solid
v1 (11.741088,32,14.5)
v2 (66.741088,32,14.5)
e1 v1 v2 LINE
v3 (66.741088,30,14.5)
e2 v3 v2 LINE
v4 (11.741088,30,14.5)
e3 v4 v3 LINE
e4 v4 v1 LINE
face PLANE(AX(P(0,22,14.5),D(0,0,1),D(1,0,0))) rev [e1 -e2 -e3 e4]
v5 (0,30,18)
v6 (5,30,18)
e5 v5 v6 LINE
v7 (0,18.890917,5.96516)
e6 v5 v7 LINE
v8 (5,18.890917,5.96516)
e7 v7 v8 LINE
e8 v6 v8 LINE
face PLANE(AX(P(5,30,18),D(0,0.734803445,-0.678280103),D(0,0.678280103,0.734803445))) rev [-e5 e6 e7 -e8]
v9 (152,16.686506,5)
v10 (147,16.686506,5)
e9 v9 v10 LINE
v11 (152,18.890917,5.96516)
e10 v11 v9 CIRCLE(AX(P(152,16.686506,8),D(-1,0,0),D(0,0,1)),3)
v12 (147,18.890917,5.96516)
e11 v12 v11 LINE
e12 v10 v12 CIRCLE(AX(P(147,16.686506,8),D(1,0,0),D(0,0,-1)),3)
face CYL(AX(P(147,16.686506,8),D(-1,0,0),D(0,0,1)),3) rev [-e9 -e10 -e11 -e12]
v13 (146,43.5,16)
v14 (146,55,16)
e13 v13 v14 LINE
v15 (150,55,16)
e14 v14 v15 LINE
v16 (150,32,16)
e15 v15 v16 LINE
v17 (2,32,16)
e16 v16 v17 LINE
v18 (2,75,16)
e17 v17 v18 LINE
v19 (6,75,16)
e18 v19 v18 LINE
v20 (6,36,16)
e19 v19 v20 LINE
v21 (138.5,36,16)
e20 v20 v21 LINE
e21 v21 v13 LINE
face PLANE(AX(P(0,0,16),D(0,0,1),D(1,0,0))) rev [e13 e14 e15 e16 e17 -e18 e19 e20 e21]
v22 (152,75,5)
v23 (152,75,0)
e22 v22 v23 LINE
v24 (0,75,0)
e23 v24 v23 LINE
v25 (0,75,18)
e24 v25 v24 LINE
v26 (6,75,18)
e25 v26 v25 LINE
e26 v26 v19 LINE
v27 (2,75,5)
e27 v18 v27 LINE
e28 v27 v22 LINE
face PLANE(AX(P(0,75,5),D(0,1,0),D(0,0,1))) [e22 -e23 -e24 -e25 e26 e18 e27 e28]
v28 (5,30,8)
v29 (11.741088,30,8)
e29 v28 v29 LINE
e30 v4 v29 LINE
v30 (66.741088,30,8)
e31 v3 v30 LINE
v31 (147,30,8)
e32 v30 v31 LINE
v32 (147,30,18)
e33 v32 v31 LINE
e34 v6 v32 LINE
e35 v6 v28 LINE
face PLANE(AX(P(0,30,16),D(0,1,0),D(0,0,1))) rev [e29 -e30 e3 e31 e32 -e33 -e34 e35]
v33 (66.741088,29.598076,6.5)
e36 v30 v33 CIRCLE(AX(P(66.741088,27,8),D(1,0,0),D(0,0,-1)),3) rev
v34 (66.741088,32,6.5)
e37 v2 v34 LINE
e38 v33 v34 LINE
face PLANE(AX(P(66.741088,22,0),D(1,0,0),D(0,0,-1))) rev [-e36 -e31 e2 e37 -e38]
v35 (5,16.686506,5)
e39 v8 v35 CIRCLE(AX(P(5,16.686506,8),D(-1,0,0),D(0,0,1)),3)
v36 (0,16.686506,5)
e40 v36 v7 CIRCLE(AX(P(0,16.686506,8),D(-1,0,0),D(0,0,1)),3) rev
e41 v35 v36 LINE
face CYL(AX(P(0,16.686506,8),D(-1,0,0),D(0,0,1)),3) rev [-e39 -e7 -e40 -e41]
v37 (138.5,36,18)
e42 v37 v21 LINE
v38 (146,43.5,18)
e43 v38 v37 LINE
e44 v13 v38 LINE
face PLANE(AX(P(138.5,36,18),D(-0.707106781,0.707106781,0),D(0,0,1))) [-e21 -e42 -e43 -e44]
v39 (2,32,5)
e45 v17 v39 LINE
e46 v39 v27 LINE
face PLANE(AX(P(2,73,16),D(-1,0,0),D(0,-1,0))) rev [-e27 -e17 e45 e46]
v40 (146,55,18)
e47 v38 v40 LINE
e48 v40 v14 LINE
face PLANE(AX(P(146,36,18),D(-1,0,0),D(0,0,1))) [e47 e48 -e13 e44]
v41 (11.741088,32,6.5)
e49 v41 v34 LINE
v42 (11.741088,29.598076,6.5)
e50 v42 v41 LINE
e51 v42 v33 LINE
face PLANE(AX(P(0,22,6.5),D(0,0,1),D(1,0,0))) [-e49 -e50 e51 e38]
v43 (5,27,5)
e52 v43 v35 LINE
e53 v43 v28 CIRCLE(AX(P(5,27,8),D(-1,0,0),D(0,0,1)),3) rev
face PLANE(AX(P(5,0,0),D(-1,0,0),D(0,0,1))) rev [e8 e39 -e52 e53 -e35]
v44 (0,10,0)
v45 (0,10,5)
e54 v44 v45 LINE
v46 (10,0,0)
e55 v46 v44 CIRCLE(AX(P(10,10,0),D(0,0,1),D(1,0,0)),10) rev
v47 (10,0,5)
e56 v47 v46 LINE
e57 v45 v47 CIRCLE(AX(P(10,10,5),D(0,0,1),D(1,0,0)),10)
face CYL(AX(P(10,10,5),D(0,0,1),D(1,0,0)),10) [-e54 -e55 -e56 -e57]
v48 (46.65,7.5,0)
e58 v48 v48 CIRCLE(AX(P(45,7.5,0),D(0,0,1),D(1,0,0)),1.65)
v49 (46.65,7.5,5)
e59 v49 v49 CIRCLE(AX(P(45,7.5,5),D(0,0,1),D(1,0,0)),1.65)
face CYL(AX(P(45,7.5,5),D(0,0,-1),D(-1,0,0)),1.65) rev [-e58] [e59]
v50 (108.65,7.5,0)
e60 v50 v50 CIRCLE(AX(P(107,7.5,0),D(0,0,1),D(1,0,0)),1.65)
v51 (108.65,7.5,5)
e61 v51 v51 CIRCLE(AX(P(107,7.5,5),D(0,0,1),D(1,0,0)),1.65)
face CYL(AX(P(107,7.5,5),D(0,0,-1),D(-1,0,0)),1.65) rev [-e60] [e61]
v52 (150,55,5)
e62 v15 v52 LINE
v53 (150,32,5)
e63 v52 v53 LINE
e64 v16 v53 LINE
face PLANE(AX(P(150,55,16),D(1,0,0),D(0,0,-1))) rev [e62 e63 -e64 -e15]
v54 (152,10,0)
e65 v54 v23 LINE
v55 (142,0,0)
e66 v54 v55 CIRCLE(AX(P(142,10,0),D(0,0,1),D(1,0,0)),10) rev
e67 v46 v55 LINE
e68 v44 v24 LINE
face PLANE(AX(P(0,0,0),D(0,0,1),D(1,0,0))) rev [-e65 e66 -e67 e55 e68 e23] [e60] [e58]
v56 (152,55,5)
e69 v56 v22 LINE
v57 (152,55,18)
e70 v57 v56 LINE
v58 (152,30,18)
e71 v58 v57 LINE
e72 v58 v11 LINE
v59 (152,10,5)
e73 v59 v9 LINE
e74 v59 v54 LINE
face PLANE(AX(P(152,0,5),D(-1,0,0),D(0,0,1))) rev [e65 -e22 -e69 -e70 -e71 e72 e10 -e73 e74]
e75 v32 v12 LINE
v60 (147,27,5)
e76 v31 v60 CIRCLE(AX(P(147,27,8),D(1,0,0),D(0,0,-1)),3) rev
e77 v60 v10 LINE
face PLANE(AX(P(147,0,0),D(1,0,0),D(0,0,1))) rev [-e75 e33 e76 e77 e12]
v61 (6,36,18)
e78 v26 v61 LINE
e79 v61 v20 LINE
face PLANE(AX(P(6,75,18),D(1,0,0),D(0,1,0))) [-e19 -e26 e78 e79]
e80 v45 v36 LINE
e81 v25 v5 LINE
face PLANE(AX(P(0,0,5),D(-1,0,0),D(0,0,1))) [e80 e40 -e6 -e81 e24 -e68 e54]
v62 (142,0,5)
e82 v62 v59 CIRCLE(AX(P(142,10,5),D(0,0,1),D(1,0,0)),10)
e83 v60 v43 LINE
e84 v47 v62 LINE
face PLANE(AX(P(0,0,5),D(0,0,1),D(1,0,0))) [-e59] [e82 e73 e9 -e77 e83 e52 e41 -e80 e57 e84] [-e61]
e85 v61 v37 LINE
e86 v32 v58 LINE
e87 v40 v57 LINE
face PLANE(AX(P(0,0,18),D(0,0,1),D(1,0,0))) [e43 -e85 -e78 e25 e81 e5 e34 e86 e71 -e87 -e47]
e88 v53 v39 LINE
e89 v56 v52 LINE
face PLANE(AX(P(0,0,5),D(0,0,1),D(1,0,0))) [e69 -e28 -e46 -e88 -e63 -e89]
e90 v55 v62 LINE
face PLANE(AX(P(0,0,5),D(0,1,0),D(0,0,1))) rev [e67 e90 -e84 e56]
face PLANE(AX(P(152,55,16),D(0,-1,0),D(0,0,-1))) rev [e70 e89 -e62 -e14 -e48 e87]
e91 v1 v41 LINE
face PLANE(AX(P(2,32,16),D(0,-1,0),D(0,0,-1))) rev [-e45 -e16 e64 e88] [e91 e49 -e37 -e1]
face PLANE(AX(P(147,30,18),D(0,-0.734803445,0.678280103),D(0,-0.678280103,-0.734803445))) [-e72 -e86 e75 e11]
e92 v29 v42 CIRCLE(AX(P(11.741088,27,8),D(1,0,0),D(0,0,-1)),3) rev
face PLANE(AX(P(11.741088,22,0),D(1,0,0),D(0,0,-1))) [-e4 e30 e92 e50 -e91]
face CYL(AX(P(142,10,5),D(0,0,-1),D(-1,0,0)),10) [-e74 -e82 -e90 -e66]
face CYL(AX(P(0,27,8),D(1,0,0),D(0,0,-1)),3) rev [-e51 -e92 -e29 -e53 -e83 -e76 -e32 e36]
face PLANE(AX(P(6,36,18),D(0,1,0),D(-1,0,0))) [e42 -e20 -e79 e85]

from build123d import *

# Parameters (mm, degrees)
SKETCH1_W           = 152
SKETCH1_H           = 75
SKETCH1_R           = 1.65
BOSS_EXTRUDE1_DEPTH = 5
FILLET1_R           = 10
BOSS_EXTRUDE2_DEPTH = 11
BOSS_EXTRUDE3_DEPTH = 2
CHAMFER1_SIZE       = 7.5
BOSS_EXTRUDE4_DEPTH = 5
FILLET2_R           = 3
SKETCH5_W           = 55
SKETCH5_H           = 8
CUT_EXTRUDE1_DEPTH  = 10


with BuildPart() as part:
    # Sketch1 → Boss-Extrude1 (new body)
    with BuildSketch(Plane.XY):
        with Locations((76, 37.5)):
            Rectangle(SKETCH1_W, SKETCH1_H)
        with Locations((45, 7.5)):
            Circle(SKETCH1_R, mode=Mode.SUBTRACT)
        with Locations((107, 7.5)):
            Circle(SKETCH1_R, mode=Mode.SUBTRACT)
    extrude(amount=BOSS_EXTRUDE1_DEPTH)

    # Fillet1
    fillet1_edges = [part.edges().sort_by_distance(p)[0] for p in [
        (152, 0, 2.5),
        (0, 0, 2.5),
    ]]
    fillet(fillet1_edges, radius=FILLET1_R)

    # Sketch2 → Boss-Extrude2 (add)
    with BuildSketch(Plane.XY.offset(5)):
        Polygon((0, 75), (2, 75), (2, 73), (2, 32), (150, 32), (150, 55), (152, 55), (152, 30), (0, 30), align=None)
    extrude(amount=BOSS_EXTRUDE2_DEPTH)

    # Sketch3 → Boss-Extrude3 (add)
    with BuildSketch(Plane.XY.offset(16)):
        Polygon((152, 30), (152, 55), (146, 55), (146, 36), (6, 36), (6, 75), (0, 75), (0, 30), align=None)
    extrude(amount=BOSS_EXTRUDE3_DEPTH)

    # Chamfer1
    chamfer1_edges = [part.edges().sort_by_distance(p)[0] for p in [
        (146, 36, 17),
    ]]
    chamfer(chamfer1_edges, length=CHAMFER1_SIZE)

    # Sketch4 → Boss-Extrude4 (add)
    with BuildSketch(Plane.ZY):
        Polygon((18, 30), (5, 18), (5, 30), align=None)
    boss_extrude4 = extrude(amount=-BOSS_EXTRUDE4_DEPTH)

    # Mirror1: Boss-Extrude4 across plane
    add(boss_extrude4.mirror(Plane.ZY.offset(-76)))

    # Fillet2
    fillet2_edges = [part.edges().sort_by_distance(p)[0] for p in [
        (149.5, 18, 5),
        (76, 30, 5),
        (2.5, 18, 5),
    ]]
    fillet(fillet2_edges, radius=FILLET2_R)

    # Sketch5 → Cut-Extrude1 (cut)
    with BuildSketch(Plane(origin=(0, 32, 0), x_dir=(1, 0, 0), z_dir=(0, 1, 0))):
        with Locations((39.241088115, -10.5)):
            Rectangle(SKETCH5_W, SKETCH5_H)
    extrude(amount=-CUT_EXTRUDE1_DEPTH, mode=Mode.SUBTRACT)


solid = part.part
